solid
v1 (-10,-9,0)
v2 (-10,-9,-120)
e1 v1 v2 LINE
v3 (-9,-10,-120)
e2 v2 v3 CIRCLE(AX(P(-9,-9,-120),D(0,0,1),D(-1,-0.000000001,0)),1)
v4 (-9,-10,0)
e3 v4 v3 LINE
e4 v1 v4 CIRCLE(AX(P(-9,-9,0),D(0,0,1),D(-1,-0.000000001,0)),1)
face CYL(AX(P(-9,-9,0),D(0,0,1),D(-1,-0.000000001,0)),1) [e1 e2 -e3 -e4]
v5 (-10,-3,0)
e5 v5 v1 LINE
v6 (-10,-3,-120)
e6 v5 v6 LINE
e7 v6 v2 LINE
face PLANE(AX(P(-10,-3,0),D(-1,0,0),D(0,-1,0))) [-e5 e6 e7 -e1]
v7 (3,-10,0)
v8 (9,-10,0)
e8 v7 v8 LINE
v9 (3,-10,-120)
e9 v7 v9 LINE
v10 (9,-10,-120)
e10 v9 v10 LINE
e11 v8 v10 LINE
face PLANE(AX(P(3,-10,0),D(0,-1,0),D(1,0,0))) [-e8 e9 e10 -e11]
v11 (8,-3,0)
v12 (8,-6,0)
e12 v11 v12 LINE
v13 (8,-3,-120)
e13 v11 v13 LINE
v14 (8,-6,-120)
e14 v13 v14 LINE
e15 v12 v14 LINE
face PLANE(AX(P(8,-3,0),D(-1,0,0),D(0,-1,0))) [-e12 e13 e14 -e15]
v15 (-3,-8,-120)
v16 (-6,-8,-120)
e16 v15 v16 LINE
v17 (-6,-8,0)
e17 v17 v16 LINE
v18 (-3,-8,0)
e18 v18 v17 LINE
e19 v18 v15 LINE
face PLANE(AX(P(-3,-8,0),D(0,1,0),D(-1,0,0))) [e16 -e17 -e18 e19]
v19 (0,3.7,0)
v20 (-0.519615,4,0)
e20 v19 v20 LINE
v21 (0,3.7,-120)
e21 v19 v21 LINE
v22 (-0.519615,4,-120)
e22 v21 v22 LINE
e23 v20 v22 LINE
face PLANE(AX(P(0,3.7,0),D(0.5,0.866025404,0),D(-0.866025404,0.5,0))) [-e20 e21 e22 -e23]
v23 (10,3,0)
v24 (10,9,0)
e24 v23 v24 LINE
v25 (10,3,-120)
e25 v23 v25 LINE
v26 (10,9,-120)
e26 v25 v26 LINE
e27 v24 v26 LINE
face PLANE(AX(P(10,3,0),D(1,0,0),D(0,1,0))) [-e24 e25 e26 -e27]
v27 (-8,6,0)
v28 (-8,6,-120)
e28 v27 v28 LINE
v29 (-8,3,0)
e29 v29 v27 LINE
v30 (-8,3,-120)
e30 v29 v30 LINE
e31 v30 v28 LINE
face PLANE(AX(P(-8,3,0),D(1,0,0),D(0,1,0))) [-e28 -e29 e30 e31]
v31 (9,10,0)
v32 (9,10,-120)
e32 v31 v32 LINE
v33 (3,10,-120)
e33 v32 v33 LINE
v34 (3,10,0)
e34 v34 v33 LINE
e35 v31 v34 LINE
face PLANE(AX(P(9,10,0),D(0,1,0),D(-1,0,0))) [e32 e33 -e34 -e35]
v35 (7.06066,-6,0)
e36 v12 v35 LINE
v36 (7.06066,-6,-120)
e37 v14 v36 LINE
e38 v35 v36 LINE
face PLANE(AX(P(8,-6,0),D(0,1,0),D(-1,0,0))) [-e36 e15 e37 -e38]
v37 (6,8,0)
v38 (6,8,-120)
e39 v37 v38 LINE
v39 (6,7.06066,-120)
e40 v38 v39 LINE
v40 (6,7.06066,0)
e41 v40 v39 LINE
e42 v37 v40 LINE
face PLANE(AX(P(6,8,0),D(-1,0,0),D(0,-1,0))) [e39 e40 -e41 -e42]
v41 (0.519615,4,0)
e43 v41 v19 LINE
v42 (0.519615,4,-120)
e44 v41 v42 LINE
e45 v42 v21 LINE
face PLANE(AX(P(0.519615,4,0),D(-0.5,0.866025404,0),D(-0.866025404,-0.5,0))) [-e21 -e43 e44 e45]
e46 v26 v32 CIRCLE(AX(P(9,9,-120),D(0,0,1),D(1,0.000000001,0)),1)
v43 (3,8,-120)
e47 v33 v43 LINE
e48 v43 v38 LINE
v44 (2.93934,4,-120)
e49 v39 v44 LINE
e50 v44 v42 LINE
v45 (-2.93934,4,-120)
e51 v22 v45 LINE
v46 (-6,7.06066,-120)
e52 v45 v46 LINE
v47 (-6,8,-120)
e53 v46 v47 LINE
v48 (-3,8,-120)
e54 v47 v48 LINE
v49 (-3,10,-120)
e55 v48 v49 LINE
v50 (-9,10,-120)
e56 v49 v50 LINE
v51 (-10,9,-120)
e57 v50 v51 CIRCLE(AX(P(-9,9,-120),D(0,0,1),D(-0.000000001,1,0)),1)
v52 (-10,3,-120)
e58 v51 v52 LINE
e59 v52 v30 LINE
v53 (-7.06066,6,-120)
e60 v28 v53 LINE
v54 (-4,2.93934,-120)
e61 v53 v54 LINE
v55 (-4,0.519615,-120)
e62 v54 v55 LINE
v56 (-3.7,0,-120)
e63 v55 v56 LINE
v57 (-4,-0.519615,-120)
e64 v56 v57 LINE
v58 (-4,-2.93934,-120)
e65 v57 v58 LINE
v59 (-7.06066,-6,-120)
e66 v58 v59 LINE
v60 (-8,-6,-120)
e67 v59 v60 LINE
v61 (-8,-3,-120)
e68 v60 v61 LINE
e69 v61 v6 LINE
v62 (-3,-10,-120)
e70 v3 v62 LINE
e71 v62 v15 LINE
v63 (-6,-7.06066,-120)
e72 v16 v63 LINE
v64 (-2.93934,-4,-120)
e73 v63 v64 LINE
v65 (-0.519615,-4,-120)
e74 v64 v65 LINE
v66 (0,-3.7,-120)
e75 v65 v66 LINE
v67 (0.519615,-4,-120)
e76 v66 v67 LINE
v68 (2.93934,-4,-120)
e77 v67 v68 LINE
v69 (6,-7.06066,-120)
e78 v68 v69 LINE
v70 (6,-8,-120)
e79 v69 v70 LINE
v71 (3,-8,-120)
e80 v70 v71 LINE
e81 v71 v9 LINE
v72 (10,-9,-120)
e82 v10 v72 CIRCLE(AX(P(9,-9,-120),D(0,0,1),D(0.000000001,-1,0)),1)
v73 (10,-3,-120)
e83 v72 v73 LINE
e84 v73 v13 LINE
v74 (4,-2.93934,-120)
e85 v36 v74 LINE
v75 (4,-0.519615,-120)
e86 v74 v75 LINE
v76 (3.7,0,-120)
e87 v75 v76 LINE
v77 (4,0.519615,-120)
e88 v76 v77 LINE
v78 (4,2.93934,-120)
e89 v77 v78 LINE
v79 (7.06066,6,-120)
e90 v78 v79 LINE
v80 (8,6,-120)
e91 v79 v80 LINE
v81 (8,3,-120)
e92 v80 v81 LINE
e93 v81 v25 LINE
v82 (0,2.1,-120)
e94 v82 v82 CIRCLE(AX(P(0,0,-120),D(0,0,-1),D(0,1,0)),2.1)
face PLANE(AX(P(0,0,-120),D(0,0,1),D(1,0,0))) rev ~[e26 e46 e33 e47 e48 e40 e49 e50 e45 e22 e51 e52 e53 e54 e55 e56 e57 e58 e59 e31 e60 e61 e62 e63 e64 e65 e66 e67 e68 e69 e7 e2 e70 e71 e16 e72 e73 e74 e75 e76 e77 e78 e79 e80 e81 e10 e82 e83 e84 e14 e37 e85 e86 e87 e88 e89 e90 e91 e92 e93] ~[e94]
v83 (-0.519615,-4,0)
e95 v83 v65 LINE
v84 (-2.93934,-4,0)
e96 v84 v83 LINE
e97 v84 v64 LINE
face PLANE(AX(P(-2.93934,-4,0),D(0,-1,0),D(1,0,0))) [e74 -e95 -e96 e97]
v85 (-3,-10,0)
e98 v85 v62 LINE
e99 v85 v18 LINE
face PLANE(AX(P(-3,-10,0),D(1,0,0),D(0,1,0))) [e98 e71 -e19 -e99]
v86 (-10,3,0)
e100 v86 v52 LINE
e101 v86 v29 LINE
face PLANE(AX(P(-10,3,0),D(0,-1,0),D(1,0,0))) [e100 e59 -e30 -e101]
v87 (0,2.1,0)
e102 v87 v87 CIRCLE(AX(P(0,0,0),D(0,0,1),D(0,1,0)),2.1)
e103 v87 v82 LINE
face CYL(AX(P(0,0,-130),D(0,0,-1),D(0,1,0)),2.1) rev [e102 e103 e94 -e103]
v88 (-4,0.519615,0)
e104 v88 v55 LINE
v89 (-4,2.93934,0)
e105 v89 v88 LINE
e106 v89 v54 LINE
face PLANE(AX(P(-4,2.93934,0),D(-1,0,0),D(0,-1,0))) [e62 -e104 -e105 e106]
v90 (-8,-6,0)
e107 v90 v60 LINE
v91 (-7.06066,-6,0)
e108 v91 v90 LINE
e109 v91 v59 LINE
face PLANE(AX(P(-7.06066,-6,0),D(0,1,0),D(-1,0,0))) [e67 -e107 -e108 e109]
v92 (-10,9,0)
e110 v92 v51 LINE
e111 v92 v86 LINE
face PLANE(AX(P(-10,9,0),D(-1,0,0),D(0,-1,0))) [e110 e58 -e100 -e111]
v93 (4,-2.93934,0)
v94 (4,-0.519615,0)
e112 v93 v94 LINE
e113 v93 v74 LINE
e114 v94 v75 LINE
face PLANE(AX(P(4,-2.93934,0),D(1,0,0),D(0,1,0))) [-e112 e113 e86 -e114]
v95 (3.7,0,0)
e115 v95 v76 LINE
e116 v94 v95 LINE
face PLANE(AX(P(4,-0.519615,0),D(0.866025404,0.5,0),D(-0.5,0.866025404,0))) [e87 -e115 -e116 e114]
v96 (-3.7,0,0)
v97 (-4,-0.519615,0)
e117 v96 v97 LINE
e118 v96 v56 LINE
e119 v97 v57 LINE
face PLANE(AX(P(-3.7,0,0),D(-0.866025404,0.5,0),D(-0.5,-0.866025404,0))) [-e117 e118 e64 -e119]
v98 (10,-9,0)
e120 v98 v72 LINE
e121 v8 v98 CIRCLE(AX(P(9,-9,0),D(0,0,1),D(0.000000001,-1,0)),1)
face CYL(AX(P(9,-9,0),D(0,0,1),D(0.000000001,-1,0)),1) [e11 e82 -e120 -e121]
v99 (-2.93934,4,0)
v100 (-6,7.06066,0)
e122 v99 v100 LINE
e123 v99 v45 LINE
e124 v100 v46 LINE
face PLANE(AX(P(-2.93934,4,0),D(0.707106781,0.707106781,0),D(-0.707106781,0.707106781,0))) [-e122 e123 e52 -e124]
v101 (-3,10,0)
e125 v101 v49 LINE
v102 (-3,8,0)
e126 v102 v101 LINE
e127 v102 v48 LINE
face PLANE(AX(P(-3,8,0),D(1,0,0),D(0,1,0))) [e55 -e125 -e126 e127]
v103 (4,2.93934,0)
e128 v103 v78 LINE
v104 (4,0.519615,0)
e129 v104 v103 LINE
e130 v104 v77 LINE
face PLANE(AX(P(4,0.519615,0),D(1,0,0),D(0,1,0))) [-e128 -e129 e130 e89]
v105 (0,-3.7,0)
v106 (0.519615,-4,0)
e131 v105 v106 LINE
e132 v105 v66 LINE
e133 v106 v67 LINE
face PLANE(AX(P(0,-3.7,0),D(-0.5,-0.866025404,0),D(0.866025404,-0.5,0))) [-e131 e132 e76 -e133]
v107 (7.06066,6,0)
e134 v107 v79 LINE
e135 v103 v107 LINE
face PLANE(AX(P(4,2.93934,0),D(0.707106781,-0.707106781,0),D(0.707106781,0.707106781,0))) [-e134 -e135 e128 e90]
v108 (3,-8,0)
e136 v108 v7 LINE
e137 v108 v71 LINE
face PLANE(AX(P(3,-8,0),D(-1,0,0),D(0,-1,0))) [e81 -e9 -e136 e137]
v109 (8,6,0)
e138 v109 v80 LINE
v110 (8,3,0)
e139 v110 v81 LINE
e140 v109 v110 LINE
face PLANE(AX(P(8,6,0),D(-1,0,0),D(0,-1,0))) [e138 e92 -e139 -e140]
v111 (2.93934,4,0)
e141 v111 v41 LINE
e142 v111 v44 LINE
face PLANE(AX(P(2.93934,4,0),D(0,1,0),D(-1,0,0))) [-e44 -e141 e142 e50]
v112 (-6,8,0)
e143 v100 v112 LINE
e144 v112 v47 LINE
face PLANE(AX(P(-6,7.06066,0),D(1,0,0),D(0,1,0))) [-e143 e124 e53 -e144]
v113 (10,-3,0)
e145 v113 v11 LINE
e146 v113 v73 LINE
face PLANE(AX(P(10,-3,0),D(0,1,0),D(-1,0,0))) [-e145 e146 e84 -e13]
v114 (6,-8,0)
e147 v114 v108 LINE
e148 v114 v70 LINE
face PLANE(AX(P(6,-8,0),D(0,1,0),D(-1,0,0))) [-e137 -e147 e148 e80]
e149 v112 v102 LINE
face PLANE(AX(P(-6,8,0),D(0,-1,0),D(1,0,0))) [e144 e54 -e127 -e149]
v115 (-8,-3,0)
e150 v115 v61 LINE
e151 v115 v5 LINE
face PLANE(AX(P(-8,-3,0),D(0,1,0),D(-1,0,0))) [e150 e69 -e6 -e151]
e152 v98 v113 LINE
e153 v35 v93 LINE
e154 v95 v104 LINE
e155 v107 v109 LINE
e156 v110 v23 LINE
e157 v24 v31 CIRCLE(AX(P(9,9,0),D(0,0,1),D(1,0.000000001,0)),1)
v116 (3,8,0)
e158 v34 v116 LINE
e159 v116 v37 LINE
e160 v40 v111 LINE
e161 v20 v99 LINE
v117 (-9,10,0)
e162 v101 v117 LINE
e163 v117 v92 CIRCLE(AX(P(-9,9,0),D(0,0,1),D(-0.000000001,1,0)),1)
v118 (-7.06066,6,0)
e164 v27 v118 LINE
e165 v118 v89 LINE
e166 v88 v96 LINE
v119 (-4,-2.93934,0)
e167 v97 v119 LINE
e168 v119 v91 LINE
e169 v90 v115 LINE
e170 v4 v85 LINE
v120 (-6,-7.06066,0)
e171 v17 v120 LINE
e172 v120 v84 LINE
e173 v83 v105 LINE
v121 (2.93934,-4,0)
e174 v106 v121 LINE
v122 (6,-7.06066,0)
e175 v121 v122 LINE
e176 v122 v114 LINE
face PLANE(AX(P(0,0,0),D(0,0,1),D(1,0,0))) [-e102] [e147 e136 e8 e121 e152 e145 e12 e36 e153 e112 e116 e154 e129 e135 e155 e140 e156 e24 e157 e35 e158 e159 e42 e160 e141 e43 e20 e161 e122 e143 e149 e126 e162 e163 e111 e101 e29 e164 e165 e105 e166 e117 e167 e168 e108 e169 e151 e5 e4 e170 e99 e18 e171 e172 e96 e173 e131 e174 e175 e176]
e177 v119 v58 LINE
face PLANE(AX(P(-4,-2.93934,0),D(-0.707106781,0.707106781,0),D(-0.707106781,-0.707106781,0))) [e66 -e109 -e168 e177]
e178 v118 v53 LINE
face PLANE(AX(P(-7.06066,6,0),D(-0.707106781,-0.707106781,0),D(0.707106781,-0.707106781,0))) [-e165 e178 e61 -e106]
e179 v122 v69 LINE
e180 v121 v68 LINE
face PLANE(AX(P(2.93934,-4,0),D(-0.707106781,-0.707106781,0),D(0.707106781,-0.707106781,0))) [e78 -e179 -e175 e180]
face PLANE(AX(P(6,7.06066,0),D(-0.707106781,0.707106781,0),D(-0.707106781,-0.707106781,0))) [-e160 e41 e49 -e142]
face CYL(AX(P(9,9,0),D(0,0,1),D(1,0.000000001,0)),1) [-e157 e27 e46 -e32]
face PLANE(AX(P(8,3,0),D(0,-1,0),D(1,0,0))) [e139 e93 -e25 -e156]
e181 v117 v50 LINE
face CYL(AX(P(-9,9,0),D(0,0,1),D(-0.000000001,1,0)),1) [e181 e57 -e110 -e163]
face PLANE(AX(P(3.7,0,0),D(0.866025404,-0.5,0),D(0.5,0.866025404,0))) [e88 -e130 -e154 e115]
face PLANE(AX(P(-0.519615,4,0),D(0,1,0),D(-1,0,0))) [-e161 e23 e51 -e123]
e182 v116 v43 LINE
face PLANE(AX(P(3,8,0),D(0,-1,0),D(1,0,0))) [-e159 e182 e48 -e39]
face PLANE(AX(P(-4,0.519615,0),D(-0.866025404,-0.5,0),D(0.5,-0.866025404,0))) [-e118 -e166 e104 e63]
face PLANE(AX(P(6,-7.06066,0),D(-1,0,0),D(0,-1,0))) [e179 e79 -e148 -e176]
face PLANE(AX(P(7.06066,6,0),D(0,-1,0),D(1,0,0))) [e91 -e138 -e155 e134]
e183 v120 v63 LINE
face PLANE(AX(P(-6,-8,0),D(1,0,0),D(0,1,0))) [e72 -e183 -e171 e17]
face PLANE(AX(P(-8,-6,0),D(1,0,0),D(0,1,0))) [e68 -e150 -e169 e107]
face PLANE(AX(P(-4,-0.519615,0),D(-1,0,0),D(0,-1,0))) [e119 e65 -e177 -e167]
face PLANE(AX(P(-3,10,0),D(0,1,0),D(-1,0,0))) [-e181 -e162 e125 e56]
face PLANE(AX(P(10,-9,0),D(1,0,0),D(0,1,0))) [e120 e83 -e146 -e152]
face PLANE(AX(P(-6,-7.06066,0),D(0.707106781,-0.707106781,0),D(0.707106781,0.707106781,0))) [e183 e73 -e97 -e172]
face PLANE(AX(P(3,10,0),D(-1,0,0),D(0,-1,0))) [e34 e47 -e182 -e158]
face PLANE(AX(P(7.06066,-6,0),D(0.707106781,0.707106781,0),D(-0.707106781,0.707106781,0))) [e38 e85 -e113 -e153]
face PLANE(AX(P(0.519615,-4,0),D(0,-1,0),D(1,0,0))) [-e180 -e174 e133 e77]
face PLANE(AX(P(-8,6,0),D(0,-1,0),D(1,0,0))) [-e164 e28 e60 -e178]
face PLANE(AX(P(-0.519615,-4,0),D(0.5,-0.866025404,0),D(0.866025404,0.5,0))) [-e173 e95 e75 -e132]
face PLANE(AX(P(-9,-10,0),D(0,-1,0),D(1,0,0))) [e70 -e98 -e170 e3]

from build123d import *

# Parameters (mm, degrees)
EXTRUDE_1_DEPTH = 120
SKETCH_2_W      = 260
SKETCH_2_H      = 2.1


with BuildPart() as part:
    # ｽｹｯﾁ1 → ﾎﾞｽ - 押し出し1 (new body)
    with BuildSketch(Plane.XY):
        with BuildLine():
            Line((-10, -3), (-10, -9))
            ThreePointArc((-10, -9), (-9.707106781, -9.707106781), (-9, -10))
            Line((-9, -10), (-3, -10))
            Line((-3, -10), (-3, -8))
            Line((-3, -8), (-6, -8))
            Line((-6, -8), (-6, -7.060660172))
            Line((-6, -7.060660172), (-2.939339828, -4))
            Line((-2.939339828, -4), (-0.519615242, -4))
            Line((-0.519615242, -4), (0, -3.7))
            Line((0, -3.7), (0.519615242, -4))
            Line((0.519615242, -4), (2.939339828, -4))
            Line((2.939339828, -4), (6, -7.060660172))
            Line((6, -7.060660172), (6, -8))
            Line((6, -8), (3, -8))
            Line((3, -8), (3, -10))
            Line((3, -10), (9, -10))
            ThreePointArc((9, -10), (9.707106781, -9.707106781), (10, -9))
            Line((10, -9), (10, -3))
            Line((10, -3), (8, -3))
            Line((8, -3), (8, -6))
            Line((8, -6), (7.060660172, -6))
            Line((7.060660172, -6), (4, -2.939339828))
            Line((4, -2.939339828), (4, -0.519615242))
            Line((4, -0.519615242), (3.7, 0))
            Line((3.7, 0), (4, 0.519615242))
            Line((4, 0.519615242), (4, 2.939339828))
            Line((4, 2.939339828), (7.060660172, 6))
            Line((7.060660172, 6), (8, 6))
            Line((8, 6), (8, 3))
            Line((8, 3), (10, 3))
            Line((10, 3), (10, 9))
            ThreePointArc((10, 9), (9.707106781, 9.707106781), (9, 10))
            Line((9, 10), (3, 10))
            Line((3, 10), (3, 8))
            Line((3, 8), (6, 8))
            Line((6, 8), (6, 7.060660172))
            Line((6, 7.060660172), (2.939339828, 4))
            Line((2.939339828, 4), (0.519615242, 4))
            Line((0.519615242, 4), (0, 3.7))
            Line((0, 3.7), (-0.519615242, 4))
            Line((-0.519615242, 4), (-2.939339828, 4))
            Line((-2.939339828, 4), (-6, 7.060660172))
            Line((-6, 7.060660172), (-6, 8))
            Line((-6, 8), (-3, 8))
            Line((-3, 8), (-3, 10))
            Line((-3, 10), (-9, 10))
            ThreePointArc((-9, 10), (-9.707106781, 9.707106781), (-10, 9))
            Line((-10, 9), (-10, 3))
            Line((-10, 3), (-8, 3))
            Line((-8, 3), (-8, 6))
            Line((-8, 6), (-7.060660172, 6))
            Line((-7.060660172, 6), (-4, 2.939339828))
            Line((-4, 2.939339828), (-4, 0.519615242))
            Line((-4, 0.519615242), (-3.7, 0))
            Line((-3.7, 0), (-4, -0.519615242))
            Line((-4, -0.519615242), (-4, -2.939339828))
            Line((-4, -2.939339828), (-7.060660172, -6))
            Line((-7.060660172, -6), (-8, -6))
            Line((-8, -6), (-8, -3))
            Line((-8, -3), (-10, -3))
        make_face()
    extrude(amount=-EXTRUDE_1_DEPTH)

    # ｽｹｯﾁ2 → ｶｯﾄ - 回転1 (revolve, cut)
    with BuildSketch(Plane(origin=(0, 0, 0), x_dir=(0, 0, -1), z_dir=(1, 0, 0))):
        with Locations((130, 1.05)):
            Rectangle(SKETCH_2_W, SKETCH_2_H)
    revolve(axis=Axis((0, 0, -260), (0, 0, 1)), mode=Mode.SUBTRACT)


solid = part.part
